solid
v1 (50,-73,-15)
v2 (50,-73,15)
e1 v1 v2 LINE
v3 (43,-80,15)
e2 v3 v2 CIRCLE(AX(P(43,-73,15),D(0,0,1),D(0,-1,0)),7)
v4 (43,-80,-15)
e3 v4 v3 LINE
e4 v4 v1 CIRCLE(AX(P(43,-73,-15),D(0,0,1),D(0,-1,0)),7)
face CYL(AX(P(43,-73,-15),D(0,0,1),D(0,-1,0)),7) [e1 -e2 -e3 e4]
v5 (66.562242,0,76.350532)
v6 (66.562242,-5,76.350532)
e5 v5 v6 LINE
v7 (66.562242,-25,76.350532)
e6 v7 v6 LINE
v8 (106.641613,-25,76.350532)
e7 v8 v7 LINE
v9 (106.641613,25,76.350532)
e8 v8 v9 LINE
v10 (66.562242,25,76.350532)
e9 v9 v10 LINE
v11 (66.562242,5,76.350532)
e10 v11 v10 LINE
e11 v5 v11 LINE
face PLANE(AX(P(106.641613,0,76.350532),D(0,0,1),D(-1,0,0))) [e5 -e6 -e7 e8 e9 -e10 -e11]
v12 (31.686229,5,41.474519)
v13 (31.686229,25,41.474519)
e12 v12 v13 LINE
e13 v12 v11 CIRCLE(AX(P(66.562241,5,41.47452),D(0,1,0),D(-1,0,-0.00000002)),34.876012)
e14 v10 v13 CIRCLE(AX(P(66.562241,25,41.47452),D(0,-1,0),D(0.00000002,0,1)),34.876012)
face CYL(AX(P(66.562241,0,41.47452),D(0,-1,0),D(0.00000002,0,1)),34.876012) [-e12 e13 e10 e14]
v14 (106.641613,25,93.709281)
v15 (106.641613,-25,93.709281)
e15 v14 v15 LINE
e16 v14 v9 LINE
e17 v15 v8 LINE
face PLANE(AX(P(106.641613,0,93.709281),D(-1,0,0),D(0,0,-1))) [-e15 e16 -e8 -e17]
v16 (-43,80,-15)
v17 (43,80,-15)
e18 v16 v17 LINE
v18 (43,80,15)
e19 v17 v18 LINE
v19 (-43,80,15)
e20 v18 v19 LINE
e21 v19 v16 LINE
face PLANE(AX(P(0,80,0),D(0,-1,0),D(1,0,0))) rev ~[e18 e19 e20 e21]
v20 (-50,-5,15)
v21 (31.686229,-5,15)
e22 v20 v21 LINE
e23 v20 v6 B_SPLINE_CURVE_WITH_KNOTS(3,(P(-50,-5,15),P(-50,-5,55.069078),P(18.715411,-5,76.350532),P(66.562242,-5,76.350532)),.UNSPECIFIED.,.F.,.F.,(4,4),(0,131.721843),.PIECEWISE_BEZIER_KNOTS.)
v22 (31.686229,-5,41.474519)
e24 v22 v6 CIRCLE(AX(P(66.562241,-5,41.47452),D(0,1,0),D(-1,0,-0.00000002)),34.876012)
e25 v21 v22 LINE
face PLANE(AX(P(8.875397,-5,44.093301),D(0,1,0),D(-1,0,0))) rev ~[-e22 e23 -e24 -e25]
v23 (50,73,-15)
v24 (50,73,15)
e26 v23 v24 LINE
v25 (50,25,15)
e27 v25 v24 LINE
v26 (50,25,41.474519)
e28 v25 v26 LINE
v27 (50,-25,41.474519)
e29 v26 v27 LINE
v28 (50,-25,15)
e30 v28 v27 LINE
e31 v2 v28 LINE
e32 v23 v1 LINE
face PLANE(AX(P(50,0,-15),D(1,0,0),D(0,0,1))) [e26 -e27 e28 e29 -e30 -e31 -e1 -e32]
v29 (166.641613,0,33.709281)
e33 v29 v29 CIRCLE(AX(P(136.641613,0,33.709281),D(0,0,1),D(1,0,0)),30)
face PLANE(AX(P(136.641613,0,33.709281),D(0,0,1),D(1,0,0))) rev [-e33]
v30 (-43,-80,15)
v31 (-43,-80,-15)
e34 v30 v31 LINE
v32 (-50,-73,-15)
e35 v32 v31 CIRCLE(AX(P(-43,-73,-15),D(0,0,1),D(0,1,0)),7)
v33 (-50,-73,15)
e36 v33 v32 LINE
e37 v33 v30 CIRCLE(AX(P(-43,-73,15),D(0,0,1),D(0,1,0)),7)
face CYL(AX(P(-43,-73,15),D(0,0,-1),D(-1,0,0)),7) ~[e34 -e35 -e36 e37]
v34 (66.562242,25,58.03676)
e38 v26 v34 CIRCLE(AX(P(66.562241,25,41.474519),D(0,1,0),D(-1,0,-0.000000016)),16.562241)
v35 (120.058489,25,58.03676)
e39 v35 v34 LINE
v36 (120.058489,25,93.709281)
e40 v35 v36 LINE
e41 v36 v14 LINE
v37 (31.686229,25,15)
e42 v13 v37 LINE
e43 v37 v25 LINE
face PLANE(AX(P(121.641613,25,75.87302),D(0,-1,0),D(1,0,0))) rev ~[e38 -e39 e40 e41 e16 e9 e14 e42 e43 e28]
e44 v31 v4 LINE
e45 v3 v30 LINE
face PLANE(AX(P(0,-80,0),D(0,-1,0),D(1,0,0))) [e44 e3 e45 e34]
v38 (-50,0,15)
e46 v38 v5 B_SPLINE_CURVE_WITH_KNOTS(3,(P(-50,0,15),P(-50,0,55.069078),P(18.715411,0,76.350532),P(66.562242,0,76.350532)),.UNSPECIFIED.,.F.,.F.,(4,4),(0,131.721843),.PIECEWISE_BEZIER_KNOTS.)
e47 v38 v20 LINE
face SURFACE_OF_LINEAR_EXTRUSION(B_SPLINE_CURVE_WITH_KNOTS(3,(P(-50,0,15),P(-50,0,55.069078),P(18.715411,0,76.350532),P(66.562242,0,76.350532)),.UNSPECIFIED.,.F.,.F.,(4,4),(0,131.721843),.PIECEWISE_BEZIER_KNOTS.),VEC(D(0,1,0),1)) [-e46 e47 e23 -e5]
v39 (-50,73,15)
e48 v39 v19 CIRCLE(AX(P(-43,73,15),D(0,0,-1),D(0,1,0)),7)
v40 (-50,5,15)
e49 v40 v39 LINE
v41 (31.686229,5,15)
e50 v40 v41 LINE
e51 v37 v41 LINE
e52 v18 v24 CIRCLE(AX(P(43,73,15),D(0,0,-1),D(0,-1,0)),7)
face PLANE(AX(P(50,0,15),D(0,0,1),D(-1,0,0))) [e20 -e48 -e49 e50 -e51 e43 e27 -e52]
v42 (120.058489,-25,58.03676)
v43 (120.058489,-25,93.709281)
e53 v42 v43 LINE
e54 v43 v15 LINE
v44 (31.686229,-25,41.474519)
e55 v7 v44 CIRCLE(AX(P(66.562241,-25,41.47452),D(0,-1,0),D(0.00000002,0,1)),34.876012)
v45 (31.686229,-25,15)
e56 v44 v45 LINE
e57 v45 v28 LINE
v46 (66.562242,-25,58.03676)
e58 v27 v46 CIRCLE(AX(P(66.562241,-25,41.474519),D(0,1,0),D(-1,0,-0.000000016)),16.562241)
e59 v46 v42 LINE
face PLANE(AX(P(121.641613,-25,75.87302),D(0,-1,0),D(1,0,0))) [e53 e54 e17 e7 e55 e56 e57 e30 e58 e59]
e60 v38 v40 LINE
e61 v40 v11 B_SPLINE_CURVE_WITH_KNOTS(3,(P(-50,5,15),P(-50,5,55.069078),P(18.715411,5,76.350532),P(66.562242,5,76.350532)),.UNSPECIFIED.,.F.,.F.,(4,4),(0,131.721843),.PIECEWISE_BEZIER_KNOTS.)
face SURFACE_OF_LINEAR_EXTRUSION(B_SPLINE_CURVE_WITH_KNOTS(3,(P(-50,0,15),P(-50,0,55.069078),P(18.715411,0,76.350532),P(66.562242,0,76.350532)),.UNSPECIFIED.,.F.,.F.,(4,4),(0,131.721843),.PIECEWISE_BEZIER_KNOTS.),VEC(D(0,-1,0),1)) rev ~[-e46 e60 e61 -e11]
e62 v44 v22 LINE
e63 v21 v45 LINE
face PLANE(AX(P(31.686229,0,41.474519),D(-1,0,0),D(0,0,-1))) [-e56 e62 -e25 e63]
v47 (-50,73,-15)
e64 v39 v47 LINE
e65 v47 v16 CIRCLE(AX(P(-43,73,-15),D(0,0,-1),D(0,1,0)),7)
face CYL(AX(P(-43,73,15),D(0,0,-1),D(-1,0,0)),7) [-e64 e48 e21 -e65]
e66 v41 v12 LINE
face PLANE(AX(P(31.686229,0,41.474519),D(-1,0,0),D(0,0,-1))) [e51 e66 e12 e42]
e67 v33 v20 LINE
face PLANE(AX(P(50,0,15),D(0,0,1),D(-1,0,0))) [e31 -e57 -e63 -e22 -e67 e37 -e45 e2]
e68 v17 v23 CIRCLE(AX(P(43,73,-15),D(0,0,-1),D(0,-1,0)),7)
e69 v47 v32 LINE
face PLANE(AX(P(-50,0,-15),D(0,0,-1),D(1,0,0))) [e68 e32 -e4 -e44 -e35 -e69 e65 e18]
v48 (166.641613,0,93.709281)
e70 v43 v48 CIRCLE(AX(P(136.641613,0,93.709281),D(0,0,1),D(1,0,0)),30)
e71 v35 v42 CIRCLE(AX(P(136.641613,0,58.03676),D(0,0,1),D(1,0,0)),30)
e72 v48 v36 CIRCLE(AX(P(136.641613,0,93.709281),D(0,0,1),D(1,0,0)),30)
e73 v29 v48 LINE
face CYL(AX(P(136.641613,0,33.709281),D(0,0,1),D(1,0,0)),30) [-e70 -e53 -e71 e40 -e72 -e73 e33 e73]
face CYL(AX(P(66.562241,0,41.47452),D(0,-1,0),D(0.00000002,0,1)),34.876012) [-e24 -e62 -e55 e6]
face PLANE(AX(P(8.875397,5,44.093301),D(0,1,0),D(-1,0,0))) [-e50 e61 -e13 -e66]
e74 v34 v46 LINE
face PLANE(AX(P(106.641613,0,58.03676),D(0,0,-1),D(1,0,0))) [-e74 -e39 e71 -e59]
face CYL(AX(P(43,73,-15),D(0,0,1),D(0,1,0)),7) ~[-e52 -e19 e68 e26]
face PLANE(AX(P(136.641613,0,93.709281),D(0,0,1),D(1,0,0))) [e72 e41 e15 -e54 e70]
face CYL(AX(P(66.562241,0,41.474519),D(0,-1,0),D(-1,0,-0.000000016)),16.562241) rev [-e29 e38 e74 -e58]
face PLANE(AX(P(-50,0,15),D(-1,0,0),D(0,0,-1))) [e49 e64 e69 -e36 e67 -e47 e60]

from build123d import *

# Parameters (mm, degrees)
F1_DEPTH = 80
F2_DEPTH = 25
F3_DEPTH = 5
F4_DEPTH = 25
F6_R     = 7


with BuildPart() as f1:
    # F0 (on Front) → F1 (new body, symmetric)
    with BuildSketch(Plane.XZ):
        Polygon((31.686229, 15), (-50, 15), (-50, -15), (50, -15), (50, 15), align=None)
    extrude(amount=F1_DEPTH, both=True)

    # F0 (on Front) → F2 (join, symmetric)
    with BuildSketch(Plane.XZ):
        with BuildLine():
            Line((31.686229, 41.474519), (31.686229, 15))
            Line((31.686229, 15), (50, 15))
            Line((50, 15), (50, 41.474519))
            ThreePointArc((50, 41.474519), (54.850968, 53.185792), (66.562242, 58.03676))
            Line((66.562242, 58.03676), (106.641613, 58.03676))
            Line((106.641613, 58.03676), (106.641613, 76.350532))
            Line((106.641613, 76.350532), (66.562242, 76.350532))
            ThreePointArc((66.562242, 76.350532), (41.901176, 66.135584), (31.686229, 41.474519))
        make_face()
    extrude(amount=F2_DEPTH, both=True)

    # F0 (on Front) → F3 (join, symmetric)
    with BuildSketch(Plane.XZ):
        with BuildLine():
            add(Edge.make_bspline(
                [(-50, 15), (-50, 55.069078), (18.715411, 76.350532), (66.562242, 76.350532)],
                knots=[0, 0, 0, 0, 131.721843, 131.721843, 131.721843, 131.721843], degree=3))
            Line((-50, 15), (31.686229, 15))
            Line((31.686229, 15), (31.686229, 41.474519))
            ThreePointArc((31.686229, 41.474519), (41.901176, 66.135584), (66.562242, 76.350532))
        make_face()
    extrude(amount=F3_DEPTH, both=True)

    # F0 (on Front) → F4 (join, symmetric)
    with BuildSketch(Plane.XZ):
        Polygon((106.641613, 93.709281), (106.641613, 76.350532), (106.641613, 58.03676), (136.641613, 58.03676), (136.641613, 63.709281), (136.641613, 93.709281), align=None)
    extrude(amount=F4_DEPTH, both=True)

    # F0 (on Front) → F5 (revolve)
    with BuildSketch(Plane.XZ):
        Polygon((166.641613, 93.709281), (136.641613, 93.709281), (136.641613, 63.709281), (136.641613, 58.03676), (136.641613, 33.709281), (166.641613, 33.709281), align=None)
    revolve(axis=Axis((136.641613, 0, 78.709281), (0, 0, 1)))

    # F6
    f6_edges = [f1.edges().sort_by_distance(p)[0] for p in [
        (50, -80, 0),
        (-50, -80, 0),
        (50, 80, 0),
        (-50, 80, 0),
    ]]
    fillet(f6_edges, radius=F6_R)


solid = f1.part
